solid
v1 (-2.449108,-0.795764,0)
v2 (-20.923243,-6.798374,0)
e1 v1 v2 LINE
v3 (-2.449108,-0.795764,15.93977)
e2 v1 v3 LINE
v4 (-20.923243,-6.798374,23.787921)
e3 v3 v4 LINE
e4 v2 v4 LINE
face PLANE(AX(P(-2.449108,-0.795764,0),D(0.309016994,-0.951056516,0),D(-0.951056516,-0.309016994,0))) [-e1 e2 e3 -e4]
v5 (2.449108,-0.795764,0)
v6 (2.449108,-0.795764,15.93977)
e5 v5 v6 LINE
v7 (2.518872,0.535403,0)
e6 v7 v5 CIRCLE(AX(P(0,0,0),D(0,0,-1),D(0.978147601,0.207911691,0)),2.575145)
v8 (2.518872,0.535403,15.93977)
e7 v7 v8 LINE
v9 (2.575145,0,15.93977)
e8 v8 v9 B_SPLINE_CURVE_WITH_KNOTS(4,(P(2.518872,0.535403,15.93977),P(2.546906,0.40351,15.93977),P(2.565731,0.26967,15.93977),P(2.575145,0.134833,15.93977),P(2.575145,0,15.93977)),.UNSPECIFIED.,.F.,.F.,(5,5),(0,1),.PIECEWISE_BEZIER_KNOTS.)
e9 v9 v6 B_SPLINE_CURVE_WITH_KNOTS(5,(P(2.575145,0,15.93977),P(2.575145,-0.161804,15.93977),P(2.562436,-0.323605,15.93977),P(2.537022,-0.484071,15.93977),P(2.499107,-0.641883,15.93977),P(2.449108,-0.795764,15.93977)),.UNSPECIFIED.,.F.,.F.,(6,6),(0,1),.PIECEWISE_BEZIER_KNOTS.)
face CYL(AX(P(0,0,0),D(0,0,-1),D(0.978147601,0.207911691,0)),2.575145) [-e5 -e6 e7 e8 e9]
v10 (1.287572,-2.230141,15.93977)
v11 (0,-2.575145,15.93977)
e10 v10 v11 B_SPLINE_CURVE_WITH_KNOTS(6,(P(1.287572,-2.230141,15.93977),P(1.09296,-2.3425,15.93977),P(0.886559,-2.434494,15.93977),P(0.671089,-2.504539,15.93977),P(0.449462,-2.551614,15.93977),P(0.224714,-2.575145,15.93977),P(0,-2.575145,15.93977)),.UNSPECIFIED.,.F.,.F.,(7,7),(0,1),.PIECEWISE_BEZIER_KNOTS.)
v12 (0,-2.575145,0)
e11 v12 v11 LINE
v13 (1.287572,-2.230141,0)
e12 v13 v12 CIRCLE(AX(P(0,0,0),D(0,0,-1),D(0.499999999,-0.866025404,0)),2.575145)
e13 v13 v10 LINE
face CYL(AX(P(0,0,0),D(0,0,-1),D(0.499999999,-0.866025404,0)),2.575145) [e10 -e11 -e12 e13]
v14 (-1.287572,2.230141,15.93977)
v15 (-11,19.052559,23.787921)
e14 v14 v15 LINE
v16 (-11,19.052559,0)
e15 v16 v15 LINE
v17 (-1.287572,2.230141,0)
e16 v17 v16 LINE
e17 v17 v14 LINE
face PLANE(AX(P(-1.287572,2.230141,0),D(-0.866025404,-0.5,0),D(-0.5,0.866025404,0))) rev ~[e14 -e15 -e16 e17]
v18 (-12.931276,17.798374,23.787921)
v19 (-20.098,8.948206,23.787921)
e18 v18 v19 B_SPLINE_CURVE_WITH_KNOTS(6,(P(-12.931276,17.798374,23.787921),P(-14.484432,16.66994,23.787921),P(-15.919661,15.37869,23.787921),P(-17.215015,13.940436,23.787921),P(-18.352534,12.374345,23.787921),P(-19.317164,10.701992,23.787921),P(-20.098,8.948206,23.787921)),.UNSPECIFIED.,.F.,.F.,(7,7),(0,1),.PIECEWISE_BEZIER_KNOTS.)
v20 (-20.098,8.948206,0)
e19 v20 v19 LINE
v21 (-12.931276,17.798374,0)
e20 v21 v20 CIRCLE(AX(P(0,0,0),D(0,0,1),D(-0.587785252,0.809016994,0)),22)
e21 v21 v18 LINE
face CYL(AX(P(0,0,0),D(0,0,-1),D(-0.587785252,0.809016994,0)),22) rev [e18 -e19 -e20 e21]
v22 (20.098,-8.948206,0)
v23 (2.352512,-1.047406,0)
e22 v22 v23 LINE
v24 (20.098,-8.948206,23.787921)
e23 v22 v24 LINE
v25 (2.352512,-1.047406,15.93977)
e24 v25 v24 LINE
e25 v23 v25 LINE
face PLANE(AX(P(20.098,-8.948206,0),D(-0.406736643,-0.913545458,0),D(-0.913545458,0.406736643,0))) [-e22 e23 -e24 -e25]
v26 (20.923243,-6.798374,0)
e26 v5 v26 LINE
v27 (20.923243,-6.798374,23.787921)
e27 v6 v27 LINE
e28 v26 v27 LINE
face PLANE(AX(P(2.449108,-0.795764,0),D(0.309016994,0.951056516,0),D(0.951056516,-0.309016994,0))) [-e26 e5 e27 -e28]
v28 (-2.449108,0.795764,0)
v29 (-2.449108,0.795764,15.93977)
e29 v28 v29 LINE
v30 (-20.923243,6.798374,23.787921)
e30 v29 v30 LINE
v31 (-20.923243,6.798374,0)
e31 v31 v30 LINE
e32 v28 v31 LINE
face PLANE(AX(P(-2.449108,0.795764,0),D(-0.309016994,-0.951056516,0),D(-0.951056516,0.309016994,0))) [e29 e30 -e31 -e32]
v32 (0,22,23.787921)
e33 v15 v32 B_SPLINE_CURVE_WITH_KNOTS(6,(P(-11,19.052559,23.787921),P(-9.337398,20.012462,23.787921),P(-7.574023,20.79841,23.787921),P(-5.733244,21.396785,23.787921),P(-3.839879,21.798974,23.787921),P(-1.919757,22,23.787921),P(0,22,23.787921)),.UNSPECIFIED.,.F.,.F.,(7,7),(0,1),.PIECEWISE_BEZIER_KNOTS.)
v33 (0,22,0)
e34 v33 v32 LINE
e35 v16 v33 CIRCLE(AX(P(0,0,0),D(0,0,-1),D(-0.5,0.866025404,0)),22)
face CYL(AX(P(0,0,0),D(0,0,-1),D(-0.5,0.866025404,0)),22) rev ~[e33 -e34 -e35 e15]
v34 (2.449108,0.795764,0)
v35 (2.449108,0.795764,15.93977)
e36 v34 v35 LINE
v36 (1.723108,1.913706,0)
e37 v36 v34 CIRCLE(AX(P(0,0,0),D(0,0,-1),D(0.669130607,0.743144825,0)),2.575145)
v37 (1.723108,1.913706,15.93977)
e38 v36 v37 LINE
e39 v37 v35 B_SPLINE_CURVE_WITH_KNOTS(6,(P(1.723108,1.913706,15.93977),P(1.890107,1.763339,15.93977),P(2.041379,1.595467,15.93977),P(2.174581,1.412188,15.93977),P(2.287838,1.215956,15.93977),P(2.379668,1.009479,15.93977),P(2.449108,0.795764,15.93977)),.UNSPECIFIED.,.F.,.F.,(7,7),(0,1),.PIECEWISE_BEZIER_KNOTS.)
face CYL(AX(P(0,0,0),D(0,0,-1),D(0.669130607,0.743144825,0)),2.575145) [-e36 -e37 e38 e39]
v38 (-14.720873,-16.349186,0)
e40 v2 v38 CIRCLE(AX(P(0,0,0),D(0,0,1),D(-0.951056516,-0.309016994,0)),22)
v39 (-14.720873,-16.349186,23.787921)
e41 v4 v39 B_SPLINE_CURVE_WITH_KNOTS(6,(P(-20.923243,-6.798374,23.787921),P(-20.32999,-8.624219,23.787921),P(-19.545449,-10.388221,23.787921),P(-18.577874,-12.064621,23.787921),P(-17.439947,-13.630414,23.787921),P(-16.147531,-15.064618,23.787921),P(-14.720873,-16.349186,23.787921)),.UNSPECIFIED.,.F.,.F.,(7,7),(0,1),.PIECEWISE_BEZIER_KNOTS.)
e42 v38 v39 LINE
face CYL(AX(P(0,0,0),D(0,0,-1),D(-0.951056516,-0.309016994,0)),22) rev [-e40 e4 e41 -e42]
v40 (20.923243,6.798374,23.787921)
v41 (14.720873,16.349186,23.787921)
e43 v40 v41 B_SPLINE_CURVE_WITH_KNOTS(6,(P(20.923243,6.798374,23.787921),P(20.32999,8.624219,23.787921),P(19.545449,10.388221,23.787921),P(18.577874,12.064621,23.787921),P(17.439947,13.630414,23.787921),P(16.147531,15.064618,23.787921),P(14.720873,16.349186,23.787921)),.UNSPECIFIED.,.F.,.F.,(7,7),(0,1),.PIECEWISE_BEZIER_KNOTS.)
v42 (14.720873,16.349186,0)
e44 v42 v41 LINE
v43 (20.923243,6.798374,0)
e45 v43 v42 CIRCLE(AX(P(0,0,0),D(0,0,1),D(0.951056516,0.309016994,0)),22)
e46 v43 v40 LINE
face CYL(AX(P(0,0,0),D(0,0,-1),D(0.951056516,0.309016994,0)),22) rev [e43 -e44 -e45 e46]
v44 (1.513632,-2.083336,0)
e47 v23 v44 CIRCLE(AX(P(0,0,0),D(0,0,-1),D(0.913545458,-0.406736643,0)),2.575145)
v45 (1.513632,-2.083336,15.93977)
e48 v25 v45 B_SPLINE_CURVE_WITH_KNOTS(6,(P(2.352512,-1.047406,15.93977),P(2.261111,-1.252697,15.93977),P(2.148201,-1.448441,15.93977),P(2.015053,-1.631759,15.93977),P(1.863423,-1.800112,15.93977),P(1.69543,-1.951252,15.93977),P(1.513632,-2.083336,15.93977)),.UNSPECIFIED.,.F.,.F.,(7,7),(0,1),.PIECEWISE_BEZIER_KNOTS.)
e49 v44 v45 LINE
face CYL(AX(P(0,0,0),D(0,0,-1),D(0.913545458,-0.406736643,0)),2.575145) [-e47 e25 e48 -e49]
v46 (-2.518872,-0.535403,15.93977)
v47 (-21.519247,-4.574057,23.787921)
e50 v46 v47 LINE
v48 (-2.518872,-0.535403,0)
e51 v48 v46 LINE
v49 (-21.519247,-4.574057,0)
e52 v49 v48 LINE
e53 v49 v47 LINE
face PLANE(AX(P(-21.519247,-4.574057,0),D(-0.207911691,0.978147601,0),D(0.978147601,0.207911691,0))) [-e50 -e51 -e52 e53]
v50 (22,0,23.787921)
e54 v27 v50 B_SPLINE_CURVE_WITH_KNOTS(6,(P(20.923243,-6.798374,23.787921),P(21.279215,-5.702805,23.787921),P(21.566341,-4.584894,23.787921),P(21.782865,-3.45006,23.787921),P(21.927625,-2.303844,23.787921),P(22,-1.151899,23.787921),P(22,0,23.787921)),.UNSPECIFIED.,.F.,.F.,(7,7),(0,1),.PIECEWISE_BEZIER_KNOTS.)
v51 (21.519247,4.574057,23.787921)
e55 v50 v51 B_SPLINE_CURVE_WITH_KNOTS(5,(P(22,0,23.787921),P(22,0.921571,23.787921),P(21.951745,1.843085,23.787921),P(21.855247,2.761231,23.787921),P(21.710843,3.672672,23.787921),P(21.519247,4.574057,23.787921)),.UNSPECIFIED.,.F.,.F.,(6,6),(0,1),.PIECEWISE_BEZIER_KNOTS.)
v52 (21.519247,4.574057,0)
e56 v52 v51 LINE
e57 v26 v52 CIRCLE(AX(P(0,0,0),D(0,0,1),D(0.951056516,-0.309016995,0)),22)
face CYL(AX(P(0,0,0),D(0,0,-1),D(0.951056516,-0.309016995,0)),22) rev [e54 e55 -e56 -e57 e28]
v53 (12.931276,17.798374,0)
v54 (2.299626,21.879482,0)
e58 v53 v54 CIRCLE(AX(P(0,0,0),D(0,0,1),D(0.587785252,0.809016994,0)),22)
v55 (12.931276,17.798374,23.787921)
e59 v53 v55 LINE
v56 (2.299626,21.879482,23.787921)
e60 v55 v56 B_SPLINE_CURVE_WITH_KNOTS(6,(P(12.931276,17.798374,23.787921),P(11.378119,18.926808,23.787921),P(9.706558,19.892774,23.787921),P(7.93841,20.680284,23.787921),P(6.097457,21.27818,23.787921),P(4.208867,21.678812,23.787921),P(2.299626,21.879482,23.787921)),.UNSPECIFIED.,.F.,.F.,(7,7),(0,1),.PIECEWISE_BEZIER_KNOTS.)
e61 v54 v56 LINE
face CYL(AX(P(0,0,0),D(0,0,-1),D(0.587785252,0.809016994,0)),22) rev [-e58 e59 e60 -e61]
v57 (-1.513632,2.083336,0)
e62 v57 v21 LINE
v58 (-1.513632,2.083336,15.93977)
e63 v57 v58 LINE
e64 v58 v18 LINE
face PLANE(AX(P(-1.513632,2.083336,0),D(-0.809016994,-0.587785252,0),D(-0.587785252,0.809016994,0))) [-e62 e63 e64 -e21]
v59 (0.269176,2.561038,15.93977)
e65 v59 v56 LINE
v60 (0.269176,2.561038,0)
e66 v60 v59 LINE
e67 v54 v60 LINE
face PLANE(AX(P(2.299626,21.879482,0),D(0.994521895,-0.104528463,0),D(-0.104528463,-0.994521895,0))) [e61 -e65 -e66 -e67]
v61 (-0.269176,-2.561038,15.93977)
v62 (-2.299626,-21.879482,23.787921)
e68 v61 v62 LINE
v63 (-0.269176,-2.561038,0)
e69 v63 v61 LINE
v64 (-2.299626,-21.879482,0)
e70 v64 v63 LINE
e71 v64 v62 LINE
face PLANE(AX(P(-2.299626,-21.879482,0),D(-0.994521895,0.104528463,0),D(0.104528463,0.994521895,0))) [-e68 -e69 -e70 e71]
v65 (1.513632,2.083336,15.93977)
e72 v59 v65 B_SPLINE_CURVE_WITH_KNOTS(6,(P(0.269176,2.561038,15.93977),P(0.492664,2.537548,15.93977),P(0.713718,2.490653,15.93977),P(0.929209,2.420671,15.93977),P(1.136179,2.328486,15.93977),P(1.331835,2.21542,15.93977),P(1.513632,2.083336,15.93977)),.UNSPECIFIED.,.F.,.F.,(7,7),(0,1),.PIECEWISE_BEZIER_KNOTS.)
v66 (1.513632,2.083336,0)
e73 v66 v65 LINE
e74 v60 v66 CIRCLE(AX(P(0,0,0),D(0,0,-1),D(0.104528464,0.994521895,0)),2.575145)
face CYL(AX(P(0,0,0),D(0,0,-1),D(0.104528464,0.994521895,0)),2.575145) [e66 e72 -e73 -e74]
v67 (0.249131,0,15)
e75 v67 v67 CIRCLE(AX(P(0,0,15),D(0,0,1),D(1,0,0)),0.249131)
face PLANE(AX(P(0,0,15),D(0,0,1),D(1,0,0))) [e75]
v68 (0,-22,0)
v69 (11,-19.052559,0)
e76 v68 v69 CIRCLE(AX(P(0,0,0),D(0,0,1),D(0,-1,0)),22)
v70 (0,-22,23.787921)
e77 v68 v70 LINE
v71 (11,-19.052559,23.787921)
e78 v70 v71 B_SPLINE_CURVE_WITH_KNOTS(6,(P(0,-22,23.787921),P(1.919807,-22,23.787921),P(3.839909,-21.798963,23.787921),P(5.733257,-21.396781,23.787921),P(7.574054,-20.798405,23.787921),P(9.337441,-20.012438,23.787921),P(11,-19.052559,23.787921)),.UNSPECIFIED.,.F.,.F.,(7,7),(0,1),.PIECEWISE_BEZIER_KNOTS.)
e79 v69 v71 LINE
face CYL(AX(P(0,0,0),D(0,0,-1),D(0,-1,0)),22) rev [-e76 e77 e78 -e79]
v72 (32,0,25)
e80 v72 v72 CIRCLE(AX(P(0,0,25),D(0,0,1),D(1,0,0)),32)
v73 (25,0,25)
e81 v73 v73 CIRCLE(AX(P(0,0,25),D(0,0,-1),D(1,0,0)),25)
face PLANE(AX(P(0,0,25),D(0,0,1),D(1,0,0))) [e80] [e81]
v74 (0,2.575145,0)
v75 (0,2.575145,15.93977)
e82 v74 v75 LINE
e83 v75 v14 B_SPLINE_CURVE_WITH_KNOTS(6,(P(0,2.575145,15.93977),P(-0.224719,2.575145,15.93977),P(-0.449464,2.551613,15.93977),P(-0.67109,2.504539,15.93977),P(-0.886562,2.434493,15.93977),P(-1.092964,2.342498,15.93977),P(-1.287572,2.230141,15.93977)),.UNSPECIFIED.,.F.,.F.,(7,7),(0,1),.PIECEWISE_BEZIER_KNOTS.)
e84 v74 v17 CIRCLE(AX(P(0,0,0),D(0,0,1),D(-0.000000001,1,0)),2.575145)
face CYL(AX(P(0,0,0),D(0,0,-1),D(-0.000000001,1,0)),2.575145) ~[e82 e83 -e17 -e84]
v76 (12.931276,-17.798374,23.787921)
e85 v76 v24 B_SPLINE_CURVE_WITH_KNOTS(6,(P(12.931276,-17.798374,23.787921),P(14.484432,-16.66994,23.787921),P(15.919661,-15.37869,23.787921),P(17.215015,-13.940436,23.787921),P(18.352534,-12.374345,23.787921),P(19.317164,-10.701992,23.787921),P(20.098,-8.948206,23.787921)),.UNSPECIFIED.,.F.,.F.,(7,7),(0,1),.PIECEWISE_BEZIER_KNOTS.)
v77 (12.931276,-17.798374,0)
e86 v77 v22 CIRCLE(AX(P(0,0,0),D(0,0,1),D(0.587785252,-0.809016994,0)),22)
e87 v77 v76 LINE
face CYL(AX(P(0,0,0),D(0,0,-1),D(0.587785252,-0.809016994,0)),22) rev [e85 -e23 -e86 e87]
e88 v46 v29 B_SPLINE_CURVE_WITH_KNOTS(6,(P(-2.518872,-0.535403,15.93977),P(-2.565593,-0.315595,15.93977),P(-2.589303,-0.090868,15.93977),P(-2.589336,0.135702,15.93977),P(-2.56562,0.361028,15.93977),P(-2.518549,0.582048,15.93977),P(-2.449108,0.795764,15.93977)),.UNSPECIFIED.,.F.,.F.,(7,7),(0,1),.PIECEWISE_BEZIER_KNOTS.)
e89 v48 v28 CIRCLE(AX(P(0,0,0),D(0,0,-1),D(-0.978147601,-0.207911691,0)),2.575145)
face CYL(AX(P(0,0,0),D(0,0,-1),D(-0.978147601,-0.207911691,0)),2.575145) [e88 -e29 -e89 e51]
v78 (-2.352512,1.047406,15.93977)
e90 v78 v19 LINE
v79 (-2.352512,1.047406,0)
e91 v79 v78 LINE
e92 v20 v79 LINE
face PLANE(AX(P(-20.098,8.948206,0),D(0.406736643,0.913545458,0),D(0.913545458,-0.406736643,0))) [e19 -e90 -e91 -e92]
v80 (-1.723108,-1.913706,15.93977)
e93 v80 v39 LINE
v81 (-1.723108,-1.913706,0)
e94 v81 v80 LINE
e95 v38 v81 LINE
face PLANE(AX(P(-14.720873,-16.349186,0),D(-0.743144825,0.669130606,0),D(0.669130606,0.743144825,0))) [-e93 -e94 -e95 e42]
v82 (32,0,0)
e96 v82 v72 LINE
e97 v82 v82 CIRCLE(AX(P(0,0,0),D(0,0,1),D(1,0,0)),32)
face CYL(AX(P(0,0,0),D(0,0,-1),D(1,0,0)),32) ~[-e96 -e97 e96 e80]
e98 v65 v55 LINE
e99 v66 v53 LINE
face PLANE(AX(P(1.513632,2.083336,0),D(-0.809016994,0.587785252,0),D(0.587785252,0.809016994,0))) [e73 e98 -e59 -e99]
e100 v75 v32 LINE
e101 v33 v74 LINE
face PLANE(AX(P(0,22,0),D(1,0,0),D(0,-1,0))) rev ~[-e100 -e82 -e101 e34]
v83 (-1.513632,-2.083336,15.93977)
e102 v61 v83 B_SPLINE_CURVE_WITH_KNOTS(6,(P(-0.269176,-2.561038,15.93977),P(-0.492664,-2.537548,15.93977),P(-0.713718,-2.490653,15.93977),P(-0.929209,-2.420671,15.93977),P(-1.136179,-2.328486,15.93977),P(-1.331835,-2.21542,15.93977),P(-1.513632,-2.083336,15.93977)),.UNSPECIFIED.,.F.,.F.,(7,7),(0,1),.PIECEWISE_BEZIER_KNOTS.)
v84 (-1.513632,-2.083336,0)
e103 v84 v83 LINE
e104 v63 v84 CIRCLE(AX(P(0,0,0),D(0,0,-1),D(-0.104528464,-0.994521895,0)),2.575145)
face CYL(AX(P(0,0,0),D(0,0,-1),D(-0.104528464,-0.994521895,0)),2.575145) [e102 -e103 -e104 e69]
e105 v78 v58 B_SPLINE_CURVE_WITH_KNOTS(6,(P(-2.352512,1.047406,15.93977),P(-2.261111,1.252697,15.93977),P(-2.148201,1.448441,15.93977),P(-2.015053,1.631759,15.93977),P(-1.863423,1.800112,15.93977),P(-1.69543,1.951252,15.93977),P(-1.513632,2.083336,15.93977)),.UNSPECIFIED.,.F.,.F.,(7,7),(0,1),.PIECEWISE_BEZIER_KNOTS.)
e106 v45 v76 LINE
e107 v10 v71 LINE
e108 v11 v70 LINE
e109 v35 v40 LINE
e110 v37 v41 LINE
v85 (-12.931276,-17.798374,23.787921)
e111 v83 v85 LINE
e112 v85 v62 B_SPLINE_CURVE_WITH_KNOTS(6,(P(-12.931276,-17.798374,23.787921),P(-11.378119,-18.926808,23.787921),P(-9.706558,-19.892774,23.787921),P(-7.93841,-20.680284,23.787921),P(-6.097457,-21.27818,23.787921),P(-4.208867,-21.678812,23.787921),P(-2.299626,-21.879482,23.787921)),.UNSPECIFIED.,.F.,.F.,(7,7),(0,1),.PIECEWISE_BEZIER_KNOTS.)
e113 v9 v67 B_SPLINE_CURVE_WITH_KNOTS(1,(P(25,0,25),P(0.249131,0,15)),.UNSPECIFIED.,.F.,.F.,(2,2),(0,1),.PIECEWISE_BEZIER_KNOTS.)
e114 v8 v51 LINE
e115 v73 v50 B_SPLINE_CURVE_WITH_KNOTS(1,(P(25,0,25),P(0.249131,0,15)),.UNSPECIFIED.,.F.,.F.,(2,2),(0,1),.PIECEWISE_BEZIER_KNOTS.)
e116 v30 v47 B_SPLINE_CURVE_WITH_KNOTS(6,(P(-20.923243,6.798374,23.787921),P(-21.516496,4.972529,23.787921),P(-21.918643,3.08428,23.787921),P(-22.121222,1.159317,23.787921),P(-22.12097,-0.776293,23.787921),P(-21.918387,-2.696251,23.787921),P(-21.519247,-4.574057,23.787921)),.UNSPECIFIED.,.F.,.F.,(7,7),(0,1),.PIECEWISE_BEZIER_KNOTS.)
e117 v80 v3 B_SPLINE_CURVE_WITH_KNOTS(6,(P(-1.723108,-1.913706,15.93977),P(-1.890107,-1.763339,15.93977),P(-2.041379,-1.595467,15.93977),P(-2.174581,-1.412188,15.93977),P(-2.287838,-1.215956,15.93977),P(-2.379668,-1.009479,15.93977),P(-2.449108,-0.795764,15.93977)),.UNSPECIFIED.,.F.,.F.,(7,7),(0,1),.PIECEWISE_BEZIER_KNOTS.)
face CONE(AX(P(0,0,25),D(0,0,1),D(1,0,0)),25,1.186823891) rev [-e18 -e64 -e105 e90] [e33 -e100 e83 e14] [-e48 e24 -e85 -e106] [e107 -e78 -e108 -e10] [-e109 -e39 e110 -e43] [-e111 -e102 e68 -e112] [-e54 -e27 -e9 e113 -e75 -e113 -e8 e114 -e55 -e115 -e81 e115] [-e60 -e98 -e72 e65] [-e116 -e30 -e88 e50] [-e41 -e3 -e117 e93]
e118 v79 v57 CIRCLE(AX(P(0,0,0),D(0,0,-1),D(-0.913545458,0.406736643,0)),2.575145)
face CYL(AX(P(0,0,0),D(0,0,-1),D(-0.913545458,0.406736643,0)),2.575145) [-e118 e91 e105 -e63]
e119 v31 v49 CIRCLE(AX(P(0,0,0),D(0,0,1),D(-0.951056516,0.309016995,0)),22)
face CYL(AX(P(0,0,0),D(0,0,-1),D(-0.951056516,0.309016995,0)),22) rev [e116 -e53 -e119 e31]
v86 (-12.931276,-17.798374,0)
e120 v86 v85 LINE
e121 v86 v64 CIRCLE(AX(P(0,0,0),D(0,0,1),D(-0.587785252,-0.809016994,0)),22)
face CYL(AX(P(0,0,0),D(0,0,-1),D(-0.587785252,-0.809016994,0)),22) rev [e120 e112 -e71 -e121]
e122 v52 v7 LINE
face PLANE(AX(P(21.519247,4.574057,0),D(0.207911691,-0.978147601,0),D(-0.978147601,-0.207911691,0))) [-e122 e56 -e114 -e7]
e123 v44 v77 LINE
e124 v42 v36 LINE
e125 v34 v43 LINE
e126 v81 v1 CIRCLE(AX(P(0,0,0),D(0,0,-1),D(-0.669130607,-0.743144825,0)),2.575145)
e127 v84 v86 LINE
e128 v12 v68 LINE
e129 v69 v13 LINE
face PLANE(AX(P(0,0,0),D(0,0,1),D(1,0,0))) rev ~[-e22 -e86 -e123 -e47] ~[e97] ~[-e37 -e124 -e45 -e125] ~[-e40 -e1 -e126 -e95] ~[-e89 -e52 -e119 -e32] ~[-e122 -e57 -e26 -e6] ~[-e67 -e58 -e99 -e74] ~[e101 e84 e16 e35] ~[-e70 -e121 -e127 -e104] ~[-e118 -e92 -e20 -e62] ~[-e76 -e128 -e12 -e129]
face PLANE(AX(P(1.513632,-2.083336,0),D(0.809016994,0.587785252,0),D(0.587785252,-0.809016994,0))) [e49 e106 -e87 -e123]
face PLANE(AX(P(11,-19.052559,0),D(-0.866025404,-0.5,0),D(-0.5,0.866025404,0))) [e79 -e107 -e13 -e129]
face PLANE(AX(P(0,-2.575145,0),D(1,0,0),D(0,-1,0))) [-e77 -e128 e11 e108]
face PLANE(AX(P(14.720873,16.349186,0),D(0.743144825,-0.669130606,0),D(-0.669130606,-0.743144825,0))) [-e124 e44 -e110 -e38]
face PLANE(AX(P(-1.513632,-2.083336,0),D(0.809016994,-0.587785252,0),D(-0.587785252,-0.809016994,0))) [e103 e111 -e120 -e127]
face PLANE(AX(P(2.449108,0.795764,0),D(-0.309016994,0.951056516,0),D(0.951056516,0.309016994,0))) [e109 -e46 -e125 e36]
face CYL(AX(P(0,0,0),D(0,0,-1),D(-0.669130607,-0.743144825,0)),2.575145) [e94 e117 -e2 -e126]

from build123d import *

# Parameters (mm, degrees)
SKETCH_1_R          = 32
EXTRUDE_1_DEPTH     = 25
SKETCH_2_R          = 25
CUT_EXTRUDE_1_DEPTH = 10
CUT_EXTRUDE_1_TAPER = 68
CUT_EXTRUDE_6_DEPTH = 50


with BuildPart() as part:
    # 스케치1 → 보스-돌출1 (new body)
    with BuildSketch(Plane.XY):
        Circle(SKETCH_1_R)
    extrude(amount=EXTRUDE_1_DEPTH)

    # 스케치2 → 컷-돌출1 (cut)
    with BuildSketch(Plane.XY.offset(25)):
        Circle(SKETCH_2_R)
    extrude(amount=-CUT_EXTRUDE_1_DEPTH, taper=CUT_EXTRUDE_1_TAPER, mode=Mode.SUBTRACT)

    # 스케치4 → 컷-돌출6 (cut)
    with BuildSketch(Plane(origin=(0, 0, 0), x_dir=(-1, 0, 0), z_dir=(0, 0, -1))):
        with BuildLine():
            Line((0, 22), (0, 2.575144905))
            ThreePointArc((0, 2.575144905), (0.666496545, 2.48739897), (1.287572453, 2.230140906))
            Line((1.287572453, 2.230140906), (11, 19.052558883))
            ThreePointArc((11, 19.052558883), (5.694018992, 21.250368178), (0, 22))
        make_face()
        with BuildLine():
            Line((20.098000068, 8.948206148), (2.352511931, 1.047405794))
            ThreePointArc((2.352511931, 1.047405794), (2.001263463, 1.620591199), (1.513632198, 2.083335991))
            Line((1.513632198, 2.083335991), (12.93127555, 17.798373876))
            ThreePointArc((12.93127555, 17.798373876), (17.097211152, 13.845048603), (20.098000068, 8.948206148))
        make_face()
        with BuildLine():
            Line((21.519247216, -4.574057198), (2.51887181, -0.535402731))
            ThreePointArc((2.51887181, -0.535402731), (2.571615758, 0.134772671), (2.449108342, 0.795763539))
            Line((2.449108342, 0.795763539), (20.923243358, 6.798373876))
            ThreePointArc((20.923243358, 6.798373876), (21.969849765, 1.151391037), (21.519247216, -4.574057198))
        make_face()
        with BuildLine():
            Line((14.72087334, -16.349186161), (1.723108272, -1.913705611))
            ThreePointArc((1.723108272, -1.913705611), (2.15969824, -1.402524436), (2.449108342, -0.795763539))
            Line((2.449108342, -0.795763539), (20.923243358, -6.798373876))
            ThreePointArc((20.923243358, -6.798373876), (18.450752495, -11.98205877), (14.72087334, -16.349186161))
        make_face()
        with BuildLine():
            Line((2.299626192, -21.879481698), (0.26917594, -2.561037992))
            ThreePointArc((0.26917594, -2.561037992), (0.922849399, -2.404104879), (1.513632198, -2.083335991))
            Line((1.513632198, -2.083335991), (12.93127555, -17.798373876))
            ThreePointArc((12.93127555, -17.798373876), (7.88409489, -20.538769383), (2.299626192, -21.879481698))
        make_face()
        with BuildLine():
            Line((-11, -19.052558883), (-1.287572453, -2.230140906))
            ThreePointArc((-1.287572453, -2.230140906), (-0.666496545, -2.48739897), (0, -2.575144905))
            Line((0, -2.575144905), (0, -22))
            ThreePointArc((0, -22), (-5.694018992, -21.250368178), (-11, -19.052558883))
        make_face()
        with BuildLine():
            Line((-20.098000068, -8.948206148), (-2.352511931, -1.047405794))
            ThreePointArc((-2.352511931, -1.047405794), (-2.001263463, -1.620591199), (-1.513632198, -2.083335991))
            Line((-1.513632198, -2.083335991), (-12.93127555, -17.798373876))
            ThreePointArc((-12.93127555, -17.798373876), (-17.097211152, -13.845048603), (-20.098000068, -8.948206148))
        make_face()
        with BuildLine():
            Line((-21.519247216, 4.574057198), (-2.51887181, 0.535402731))
            ThreePointArc((-2.51887181, 0.535402731), (-2.571615758, -0.134772671), (-2.449108342, -0.795763539))
            Line((-2.449108342, -0.795763539), (-20.923243358, -6.798373876))
            ThreePointArc((-20.923243358, -6.798373876), (-21.969849765, -1.151391037), (-21.519247216, 4.574057198))
        make_face()
        with BuildLine():
            Line((-14.72087334, 16.349186161), (-1.723108272, 1.913705611))
            ThreePointArc((-1.723108272, 1.913705611), (-2.15969824, 1.402524436), (-2.449108342, 0.795763539))
            Line((-2.449108342, 0.795763539), (-20.923243358, 6.798373876))
            ThreePointArc((-20.923243358, 6.798373876), (-18.450752495, 11.98205877), (-14.72087334, 16.349186161))
        make_face()
        with BuildLine():
            Line((-2.299626192, 21.879481698), (-0.26917594, 2.561037992))
            ThreePointArc((-0.26917594, 2.561037992), (-0.922849399, 2.404104879), (-1.513632198, 2.083335991))
            Line((-1.513632198, 2.083335991), (-12.93127555, 17.798373876))
            ThreePointArc((-12.93127555, 17.798373876), (-7.88409489, 20.538769383), (-2.299626192, 21.879481698))
        make_face()
    extrude(amount=-CUT_EXTRUDE_6_DEPTH, mode=Mode.SUBTRACT)


solid = part.part
